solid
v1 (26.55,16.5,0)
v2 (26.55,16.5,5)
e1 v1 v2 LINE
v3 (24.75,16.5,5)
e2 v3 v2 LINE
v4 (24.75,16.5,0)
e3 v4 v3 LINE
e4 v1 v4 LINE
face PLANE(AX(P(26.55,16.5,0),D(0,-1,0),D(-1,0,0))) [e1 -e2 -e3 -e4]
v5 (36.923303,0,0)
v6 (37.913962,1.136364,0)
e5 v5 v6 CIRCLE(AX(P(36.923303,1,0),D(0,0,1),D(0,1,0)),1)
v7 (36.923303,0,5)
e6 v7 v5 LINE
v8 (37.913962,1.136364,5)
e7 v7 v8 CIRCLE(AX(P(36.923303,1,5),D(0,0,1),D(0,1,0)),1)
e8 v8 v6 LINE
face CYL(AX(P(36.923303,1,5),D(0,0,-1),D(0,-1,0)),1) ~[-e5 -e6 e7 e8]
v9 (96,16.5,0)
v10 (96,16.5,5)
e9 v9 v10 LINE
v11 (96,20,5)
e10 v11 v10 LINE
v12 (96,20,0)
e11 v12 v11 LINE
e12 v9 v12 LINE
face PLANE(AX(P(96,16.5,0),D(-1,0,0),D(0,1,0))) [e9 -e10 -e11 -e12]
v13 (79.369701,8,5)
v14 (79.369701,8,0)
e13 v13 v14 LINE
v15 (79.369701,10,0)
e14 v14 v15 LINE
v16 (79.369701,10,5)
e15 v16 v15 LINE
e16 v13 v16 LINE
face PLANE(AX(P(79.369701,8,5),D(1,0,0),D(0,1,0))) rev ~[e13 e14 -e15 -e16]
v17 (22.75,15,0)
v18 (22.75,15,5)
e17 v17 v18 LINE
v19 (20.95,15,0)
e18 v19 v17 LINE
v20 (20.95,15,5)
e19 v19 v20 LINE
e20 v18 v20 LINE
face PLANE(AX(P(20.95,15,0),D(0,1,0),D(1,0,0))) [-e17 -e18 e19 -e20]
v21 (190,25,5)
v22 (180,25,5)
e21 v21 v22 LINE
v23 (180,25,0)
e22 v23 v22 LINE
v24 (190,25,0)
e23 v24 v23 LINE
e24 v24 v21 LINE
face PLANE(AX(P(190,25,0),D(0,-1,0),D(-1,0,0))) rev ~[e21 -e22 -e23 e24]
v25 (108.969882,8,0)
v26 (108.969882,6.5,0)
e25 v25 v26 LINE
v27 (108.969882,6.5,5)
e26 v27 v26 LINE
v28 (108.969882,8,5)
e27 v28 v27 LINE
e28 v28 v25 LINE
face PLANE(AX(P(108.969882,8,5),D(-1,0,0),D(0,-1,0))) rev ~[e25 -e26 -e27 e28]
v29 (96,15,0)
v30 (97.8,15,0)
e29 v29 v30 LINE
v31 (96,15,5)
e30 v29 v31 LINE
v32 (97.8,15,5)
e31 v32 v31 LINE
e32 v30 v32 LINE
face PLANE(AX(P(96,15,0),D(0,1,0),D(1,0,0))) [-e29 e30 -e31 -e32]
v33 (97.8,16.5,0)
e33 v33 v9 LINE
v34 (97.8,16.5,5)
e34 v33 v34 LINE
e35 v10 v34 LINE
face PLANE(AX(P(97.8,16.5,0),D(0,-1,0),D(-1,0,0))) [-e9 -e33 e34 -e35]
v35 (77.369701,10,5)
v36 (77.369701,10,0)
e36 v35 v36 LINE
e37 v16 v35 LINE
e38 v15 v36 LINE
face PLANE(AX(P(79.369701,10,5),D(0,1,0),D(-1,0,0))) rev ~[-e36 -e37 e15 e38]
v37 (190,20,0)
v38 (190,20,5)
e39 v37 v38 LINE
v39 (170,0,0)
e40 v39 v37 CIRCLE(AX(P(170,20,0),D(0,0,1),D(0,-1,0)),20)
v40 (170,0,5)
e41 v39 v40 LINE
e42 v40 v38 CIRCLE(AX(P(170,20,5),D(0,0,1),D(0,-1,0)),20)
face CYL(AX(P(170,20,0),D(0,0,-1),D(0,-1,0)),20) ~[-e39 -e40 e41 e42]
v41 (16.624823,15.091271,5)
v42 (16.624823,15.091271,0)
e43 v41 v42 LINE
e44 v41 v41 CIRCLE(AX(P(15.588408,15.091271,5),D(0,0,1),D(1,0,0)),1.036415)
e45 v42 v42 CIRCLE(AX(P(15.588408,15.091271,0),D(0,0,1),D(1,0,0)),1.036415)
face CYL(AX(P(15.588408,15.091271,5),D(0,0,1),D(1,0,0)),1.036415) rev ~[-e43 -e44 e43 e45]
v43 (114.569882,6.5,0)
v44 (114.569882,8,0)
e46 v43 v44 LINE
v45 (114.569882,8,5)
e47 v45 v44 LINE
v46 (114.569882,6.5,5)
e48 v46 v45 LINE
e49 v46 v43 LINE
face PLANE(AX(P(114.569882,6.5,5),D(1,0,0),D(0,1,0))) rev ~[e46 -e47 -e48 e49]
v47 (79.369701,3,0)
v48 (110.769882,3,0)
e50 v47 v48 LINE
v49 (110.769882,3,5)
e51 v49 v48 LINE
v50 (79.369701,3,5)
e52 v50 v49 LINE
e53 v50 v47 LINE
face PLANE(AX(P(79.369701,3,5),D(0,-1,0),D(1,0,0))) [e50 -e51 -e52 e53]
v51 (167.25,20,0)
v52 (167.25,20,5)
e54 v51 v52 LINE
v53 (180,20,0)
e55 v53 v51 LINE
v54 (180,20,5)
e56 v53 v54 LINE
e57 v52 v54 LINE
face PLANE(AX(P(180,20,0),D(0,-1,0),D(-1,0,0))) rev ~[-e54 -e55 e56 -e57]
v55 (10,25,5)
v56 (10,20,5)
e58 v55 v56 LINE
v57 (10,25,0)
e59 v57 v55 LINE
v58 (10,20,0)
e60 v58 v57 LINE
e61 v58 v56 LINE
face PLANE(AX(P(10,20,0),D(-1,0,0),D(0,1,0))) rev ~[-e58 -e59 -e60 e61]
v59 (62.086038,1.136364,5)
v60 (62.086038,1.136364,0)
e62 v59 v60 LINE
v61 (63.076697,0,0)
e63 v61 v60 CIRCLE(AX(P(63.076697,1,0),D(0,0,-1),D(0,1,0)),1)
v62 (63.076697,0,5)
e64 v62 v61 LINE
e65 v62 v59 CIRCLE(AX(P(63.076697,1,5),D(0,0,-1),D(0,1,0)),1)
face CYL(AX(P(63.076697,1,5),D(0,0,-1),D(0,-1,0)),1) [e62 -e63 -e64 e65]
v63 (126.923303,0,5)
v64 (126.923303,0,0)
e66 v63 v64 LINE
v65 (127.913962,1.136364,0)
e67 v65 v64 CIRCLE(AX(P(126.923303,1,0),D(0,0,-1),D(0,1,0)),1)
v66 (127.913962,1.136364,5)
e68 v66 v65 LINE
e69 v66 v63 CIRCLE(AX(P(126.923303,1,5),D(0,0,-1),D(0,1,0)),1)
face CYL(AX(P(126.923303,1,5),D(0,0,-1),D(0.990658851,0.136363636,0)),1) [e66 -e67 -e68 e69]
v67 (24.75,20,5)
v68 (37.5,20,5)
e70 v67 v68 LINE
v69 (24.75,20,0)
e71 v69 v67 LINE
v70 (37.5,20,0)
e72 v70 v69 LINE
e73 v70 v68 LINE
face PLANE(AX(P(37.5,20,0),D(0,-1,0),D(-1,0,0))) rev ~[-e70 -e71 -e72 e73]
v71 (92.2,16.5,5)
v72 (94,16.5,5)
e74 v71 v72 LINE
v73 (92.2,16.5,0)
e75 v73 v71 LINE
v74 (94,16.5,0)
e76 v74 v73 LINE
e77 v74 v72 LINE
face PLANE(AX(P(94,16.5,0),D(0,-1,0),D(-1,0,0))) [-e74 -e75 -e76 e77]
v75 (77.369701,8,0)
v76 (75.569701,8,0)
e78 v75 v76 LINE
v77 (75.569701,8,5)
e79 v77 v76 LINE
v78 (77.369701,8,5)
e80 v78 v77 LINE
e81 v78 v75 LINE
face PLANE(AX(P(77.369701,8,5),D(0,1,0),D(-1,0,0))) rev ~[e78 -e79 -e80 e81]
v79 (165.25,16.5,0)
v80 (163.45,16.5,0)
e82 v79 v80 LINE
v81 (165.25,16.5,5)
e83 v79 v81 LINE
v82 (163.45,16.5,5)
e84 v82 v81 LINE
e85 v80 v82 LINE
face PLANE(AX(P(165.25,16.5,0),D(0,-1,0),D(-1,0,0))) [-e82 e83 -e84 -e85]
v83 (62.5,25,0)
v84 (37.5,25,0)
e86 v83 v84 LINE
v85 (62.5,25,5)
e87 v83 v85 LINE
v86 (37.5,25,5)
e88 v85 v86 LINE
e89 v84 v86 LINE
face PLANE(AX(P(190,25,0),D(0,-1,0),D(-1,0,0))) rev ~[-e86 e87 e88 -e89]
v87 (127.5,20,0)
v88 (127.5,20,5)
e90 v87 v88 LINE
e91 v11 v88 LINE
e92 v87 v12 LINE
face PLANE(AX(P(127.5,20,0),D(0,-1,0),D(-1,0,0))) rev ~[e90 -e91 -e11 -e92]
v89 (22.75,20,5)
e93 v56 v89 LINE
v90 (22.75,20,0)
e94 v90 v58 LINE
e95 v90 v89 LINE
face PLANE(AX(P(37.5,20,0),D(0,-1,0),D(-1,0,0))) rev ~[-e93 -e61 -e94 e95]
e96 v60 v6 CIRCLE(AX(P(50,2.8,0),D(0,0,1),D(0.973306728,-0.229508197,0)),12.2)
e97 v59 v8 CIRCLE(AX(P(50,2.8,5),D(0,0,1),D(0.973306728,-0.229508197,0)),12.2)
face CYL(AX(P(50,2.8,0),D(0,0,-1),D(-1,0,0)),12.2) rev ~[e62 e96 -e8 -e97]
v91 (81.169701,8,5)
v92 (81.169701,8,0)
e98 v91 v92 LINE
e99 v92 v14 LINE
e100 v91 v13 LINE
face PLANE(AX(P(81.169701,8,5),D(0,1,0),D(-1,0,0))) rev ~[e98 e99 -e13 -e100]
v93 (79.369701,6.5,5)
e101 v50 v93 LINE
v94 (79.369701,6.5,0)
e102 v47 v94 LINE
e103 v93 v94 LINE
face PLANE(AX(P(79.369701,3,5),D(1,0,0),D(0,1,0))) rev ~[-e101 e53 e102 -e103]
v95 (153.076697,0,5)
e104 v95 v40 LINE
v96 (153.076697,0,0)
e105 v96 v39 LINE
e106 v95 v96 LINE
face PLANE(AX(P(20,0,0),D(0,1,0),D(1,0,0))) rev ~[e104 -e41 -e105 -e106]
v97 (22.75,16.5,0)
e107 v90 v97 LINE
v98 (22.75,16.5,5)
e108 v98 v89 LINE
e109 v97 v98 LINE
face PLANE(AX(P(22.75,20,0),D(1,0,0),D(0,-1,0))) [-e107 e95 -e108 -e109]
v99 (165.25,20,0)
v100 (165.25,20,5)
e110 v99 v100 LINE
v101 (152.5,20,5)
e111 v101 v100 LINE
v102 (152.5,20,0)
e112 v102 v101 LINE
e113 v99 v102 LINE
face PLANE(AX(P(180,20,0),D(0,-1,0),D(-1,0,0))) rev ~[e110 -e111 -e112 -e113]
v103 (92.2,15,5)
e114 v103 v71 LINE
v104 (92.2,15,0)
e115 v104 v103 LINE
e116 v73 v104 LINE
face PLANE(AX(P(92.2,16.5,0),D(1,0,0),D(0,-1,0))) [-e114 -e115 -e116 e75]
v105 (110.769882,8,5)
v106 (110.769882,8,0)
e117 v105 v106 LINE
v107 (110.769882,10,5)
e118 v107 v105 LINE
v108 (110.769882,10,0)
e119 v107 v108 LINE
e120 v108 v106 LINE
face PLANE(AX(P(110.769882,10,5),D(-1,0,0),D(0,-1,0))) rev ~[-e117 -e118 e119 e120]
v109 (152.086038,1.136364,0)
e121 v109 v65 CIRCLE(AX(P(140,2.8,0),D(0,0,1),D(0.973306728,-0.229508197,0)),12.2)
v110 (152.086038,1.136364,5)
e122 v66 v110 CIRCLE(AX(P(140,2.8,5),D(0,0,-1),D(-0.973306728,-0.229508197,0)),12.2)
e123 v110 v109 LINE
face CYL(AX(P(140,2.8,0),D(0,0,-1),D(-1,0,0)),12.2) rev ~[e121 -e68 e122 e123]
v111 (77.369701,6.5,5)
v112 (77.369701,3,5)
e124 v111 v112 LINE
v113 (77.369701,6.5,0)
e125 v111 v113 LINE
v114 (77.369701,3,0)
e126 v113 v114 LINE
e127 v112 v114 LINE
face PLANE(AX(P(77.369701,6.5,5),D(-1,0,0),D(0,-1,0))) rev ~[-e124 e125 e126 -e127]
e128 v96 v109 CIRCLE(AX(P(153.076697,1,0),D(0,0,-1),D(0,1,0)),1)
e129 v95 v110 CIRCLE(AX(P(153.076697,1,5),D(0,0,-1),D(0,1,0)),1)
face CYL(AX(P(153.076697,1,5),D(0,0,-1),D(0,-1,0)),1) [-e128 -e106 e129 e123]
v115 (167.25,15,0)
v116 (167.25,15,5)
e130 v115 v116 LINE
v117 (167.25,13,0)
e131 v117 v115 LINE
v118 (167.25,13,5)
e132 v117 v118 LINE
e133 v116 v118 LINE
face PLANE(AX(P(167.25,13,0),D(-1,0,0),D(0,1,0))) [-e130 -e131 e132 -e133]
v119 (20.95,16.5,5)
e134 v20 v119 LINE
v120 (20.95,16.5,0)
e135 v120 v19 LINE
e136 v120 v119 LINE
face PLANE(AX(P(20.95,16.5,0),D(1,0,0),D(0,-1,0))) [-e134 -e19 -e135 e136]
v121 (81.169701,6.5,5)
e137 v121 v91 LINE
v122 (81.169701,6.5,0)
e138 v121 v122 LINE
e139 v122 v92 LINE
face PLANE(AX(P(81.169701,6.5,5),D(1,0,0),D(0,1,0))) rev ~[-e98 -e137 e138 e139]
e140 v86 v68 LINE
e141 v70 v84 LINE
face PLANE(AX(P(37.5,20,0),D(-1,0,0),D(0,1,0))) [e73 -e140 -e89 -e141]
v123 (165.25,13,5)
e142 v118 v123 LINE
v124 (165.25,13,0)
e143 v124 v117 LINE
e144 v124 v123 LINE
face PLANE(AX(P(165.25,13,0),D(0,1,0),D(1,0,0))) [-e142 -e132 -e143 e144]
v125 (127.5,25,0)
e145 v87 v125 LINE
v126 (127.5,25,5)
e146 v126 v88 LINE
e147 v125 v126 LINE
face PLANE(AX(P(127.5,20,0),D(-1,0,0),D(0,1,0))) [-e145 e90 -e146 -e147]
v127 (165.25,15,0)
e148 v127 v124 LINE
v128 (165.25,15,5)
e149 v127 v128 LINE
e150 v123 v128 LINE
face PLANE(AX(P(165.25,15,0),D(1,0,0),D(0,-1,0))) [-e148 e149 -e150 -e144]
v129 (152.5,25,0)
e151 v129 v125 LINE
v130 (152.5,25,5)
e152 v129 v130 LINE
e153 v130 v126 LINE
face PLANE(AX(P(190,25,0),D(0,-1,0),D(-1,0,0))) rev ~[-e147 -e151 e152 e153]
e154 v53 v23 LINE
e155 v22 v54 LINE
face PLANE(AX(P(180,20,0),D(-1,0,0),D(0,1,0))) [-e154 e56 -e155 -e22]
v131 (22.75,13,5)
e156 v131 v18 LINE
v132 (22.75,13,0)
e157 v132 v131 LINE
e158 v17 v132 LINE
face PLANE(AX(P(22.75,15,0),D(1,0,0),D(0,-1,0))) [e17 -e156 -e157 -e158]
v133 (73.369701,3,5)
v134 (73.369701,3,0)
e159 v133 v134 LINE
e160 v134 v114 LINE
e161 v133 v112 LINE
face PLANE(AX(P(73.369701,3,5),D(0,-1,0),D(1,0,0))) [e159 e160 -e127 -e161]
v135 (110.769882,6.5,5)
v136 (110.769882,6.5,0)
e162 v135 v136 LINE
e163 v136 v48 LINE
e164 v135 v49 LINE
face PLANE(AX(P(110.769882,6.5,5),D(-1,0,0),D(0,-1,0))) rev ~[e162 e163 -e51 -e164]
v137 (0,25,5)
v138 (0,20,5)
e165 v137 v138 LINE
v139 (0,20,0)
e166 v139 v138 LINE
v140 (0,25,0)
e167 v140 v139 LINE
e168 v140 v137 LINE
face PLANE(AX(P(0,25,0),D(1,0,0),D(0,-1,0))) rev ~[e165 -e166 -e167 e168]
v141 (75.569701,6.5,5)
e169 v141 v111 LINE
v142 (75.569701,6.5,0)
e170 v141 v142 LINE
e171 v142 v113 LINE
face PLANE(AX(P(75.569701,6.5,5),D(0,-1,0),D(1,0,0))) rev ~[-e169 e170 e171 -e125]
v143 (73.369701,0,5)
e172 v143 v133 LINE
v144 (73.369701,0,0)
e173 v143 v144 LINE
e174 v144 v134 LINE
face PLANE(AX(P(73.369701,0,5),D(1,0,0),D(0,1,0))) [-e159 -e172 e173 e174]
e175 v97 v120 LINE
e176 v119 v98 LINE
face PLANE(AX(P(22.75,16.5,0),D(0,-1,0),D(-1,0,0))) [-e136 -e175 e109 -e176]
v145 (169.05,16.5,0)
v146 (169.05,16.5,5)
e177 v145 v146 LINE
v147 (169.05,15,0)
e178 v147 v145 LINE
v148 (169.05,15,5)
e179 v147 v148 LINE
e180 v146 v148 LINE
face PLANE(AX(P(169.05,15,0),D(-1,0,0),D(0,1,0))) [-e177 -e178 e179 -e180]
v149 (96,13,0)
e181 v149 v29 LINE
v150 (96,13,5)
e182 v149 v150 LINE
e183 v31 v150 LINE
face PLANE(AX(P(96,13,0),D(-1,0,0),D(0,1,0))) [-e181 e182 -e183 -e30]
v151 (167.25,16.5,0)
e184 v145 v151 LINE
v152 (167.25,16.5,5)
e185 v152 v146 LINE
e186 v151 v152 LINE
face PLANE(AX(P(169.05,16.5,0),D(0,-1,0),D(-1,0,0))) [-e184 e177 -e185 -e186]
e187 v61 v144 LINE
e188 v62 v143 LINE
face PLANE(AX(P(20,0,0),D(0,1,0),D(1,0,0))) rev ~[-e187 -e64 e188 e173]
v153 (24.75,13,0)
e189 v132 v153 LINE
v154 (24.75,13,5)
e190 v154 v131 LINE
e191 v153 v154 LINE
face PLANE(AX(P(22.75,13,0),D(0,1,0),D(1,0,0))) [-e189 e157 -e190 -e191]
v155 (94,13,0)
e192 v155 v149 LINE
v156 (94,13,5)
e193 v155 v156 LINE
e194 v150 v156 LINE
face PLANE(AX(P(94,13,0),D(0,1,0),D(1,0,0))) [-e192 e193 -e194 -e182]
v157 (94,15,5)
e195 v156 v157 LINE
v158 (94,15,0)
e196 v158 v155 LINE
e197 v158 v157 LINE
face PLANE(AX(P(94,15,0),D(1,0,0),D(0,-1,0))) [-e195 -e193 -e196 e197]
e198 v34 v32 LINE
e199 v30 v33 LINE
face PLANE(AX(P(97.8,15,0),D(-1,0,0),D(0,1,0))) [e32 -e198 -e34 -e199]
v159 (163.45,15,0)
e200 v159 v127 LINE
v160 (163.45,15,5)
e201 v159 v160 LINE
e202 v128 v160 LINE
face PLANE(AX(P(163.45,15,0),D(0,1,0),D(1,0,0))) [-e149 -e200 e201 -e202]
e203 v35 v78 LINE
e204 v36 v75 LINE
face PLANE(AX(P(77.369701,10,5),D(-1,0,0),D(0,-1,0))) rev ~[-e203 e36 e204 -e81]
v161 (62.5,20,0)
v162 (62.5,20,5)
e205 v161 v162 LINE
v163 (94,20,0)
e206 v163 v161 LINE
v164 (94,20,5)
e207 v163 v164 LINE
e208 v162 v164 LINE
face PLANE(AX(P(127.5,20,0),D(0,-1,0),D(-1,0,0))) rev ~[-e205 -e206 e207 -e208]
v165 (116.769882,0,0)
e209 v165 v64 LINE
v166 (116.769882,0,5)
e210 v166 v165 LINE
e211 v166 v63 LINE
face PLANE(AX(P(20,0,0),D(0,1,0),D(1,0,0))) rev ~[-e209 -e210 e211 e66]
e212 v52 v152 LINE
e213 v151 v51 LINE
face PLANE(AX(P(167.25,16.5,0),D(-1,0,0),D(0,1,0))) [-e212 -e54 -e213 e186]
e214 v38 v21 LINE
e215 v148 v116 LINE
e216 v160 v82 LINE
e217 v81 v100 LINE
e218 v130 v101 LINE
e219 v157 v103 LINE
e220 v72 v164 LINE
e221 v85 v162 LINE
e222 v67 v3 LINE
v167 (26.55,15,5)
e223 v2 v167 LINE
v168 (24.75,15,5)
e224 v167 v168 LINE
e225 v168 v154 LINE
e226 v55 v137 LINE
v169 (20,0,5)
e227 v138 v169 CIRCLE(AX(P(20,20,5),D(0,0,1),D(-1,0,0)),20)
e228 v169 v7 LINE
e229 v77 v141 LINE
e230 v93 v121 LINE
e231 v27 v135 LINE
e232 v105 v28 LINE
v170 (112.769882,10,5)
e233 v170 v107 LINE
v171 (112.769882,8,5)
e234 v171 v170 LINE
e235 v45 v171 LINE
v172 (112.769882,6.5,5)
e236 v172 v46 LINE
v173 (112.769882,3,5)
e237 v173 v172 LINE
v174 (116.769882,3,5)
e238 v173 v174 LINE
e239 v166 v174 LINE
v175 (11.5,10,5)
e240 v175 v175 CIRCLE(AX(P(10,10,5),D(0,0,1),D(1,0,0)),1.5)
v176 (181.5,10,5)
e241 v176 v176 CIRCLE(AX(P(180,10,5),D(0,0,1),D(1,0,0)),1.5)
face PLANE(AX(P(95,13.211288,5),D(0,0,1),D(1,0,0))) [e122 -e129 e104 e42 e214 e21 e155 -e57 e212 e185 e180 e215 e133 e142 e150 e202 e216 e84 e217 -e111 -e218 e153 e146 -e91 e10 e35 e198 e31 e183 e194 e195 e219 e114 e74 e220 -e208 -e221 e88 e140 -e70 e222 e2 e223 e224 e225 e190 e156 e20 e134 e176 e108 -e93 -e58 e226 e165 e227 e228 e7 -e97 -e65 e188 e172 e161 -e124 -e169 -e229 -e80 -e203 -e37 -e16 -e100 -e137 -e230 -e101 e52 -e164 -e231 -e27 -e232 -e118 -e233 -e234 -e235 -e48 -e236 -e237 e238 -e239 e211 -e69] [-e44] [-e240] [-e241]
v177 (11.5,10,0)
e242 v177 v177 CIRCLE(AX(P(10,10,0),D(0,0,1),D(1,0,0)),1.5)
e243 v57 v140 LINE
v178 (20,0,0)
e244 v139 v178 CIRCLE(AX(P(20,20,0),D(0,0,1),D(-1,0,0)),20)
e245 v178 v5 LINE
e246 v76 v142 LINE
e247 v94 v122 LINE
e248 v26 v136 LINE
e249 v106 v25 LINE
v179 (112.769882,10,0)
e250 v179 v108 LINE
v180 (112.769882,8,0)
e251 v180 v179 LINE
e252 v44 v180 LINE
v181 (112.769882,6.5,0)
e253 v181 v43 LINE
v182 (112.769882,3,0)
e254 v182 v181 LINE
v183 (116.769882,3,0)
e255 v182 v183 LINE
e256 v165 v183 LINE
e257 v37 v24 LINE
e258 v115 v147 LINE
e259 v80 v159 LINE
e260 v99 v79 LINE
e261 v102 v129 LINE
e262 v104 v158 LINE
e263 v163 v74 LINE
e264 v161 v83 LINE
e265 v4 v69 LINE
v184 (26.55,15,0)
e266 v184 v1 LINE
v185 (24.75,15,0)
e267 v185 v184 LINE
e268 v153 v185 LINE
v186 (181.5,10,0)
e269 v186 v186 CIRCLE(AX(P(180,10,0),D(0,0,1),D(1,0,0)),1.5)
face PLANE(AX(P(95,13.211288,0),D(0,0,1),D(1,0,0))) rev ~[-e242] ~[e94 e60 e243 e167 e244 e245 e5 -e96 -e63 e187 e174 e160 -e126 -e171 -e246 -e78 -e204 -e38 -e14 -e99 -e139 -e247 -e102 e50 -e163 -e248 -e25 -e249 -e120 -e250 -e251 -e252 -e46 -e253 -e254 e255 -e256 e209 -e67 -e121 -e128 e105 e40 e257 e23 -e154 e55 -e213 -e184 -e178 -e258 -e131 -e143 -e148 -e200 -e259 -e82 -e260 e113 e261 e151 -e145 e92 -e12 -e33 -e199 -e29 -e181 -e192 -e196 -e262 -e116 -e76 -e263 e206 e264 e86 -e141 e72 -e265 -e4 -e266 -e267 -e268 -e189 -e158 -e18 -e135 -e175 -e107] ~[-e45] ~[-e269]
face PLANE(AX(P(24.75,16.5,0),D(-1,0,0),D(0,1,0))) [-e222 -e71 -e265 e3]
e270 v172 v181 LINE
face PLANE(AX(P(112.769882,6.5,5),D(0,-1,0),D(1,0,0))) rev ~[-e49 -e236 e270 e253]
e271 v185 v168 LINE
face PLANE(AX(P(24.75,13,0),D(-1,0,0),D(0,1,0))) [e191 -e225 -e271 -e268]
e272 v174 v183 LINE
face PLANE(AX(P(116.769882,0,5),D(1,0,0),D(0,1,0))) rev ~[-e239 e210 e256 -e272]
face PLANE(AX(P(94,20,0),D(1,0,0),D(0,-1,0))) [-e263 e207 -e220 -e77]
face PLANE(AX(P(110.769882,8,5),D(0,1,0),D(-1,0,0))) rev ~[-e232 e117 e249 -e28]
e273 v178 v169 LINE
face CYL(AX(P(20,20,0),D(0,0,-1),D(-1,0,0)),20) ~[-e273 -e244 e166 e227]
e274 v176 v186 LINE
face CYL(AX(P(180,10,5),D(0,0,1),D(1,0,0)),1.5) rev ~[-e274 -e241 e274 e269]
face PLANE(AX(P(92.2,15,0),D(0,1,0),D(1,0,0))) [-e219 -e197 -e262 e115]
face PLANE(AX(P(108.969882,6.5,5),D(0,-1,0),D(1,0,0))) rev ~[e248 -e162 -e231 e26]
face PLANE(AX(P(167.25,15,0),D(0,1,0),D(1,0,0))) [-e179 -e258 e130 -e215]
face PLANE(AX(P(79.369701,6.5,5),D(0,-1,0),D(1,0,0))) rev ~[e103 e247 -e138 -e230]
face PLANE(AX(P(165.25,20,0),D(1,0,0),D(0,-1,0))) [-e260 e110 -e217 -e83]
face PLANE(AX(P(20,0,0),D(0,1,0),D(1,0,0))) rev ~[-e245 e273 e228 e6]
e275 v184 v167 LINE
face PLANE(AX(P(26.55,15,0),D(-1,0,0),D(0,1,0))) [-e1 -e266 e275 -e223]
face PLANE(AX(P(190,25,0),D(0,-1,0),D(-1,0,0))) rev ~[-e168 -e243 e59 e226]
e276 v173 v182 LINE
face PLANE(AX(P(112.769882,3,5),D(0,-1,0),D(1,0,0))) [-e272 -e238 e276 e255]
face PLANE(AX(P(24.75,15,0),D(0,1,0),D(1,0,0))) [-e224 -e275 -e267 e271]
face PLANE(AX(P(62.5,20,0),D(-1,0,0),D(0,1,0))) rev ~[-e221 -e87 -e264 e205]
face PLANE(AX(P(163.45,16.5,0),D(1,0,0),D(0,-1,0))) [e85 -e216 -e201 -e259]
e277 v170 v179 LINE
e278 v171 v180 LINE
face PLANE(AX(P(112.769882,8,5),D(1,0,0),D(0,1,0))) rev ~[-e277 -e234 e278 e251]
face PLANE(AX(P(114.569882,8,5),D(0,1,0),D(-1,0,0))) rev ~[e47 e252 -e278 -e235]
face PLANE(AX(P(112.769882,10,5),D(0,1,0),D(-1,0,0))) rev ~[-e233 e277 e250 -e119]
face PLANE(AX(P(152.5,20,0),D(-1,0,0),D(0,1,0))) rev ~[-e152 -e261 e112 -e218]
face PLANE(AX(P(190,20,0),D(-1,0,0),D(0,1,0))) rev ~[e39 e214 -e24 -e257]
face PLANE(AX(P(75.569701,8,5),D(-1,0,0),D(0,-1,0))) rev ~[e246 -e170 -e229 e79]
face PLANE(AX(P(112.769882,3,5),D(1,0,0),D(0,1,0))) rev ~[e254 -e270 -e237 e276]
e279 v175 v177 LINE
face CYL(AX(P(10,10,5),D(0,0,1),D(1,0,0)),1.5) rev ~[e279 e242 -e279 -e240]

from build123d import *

# Parameters (mm, degrees)
RESSALTO_EXTRUS_O1_DEPTH = 5
ESBO_O2_R                = 12.2
CORTE_EXTRUS_O1_DEPTH    = 6
FILETE1_R                = 1
ESBO_O3_W                = 27.5
ESBO_O3_H                = 5
ESBO_O3_W_2              = 65
CORTE_EXTRUS_O2_DEPTH    = 6
CORTE_EXTRUS_O3_DEPTH    = 6
ESBO_O5_R                = 1.5
ESBO_O5_R_2              = 1.036414637
CORTE_EXTRUS_O4_DEPTH    = 6
ESBO_O6_W                = 43.400181399
ESBO_O6_H                = 3
CORTE_EXTRUS_O5_DEPTH    = 6


with BuildPart() as part:
    # Esboço1 → Ressalto-extrusão1 (new body)
    with BuildSketch(Plane.XY):
        with BuildLine():
            Line((20, 0), (170, 0))
            ThreePointArc((170, 0), (184.142135624, 5.857864376), (190, 20))
            Line((190, 20), (190, 25))
            Line((190, 25), (0, 25))
            Line((0, 25), (0, 20))
            ThreePointArc((0, 20), (5.857864376, 5.857864376), (20, 0))
        make_face()
    extrude(amount=RESSALTO_EXTRUS_O1_DEPTH)

    # Esboço2 → Corte-extrusão1 (cut, through all)
    with BuildSketch(Plane(origin=(0, 0, 0), x_dir=(-1, 0, 0), z_dir=(0, 0, -1))):
        with Locations((-50, 2.8)):
            Circle(ESBO_O2_R)
        with Locations((-140, 2.8)):
            Circle(ESBO_O2_R)
    extrude(amount=-CORTE_EXTRUS_O1_DEPTH, mode=Mode.SUBTRACT)

    # Filete1
    filete1_edges = [part.edges().sort_by_distance(p)[0] for p in [
        (61.874342087, 0, 2.5),
        (38.125657913, 0, 2.5),
        (151.874342087, 0, 2.5),
        (128.125657913, 0, 2.5),
    ]]
    fillet(filete1_edges, radius=FILETE1_R)

    # Esboço3 → Corte-extrusão2 (cut, through all)
    with BuildSketch(Plane(origin=(0, 0, 0), x_dir=(-1, 0, 0), z_dir=(0, 0, -1))):
        with Locations((-166.25, 22.5)):
            Rectangle(ESBO_O3_W, ESBO_O3_H)
        with Locations((-95, 22.5)):
            Rectangle(ESBO_O3_W_2, ESBO_O3_H)
        with Locations((-23.75, 22.5)):
            Rectangle(ESBO_O3_W, ESBO_O3_H)
    extrude(amount=-CORTE_EXTRUS_O2_DEPTH, mode=Mode.SUBTRACT)

    # Esboço4 → Corte-extrusão3 (cut, through all)
    with BuildSketch(Plane(origin=(0, 0, 0), x_dir=(-1, 0, 0), z_dir=(0, 0, -1))):
        Polygon((-24.75, 13), (-24.75, 15), (-26.55, 15), (-26.55, 16.5), (-24.75, 16.5), (-24.75, 20), (-22.75, 20), (-22.75, 16.5), (-20.95, 16.5), (-20.95, 15), (-22.75, 15), (-22.75, 13), align=None)
        Polygon((-96, 13), (-96, 15), (-97.8, 15), (-97.8, 16.5), (-96, 16.5), (-96, 20), (-94, 20), (-94, 16.5), (-92.2, 16.5), (-92.2, 15), (-94, 15), (-94, 13), align=None)
        Polygon((-167.25, 13), (-167.25, 15), (-169.05, 15), (-169.05, 16.5), (-167.25, 16.5), (-167.25, 20), (-165.25, 20), (-165.25, 16.5), (-163.45, 16.5), (-163.45, 15), (-165.25, 15), (-165.25, 13), align=None)
    extrude(amount=-CORTE_EXTRUS_O3_DEPTH, mode=Mode.SUBTRACT)

    # Esboço5 → Corte-extrusão4 (cut, through all)
    with BuildSketch(Plane.XY.offset(5)):
        with Locations((180, 10)):
            Circle(ESBO_O5_R)
        with Locations((10, 10)):
            Circle(ESBO_O5_R)
        with Locations((15.588408084, 15.09127059)):
            Circle(ESBO_O5_R_2)
    extrude(amount=-CORTE_EXTRUS_O4_DEPTH, mode=Mode.SUBTRACT)

    # Esboço6 → Corte-extrusão5 (cut, through all)
    with BuildSketch(Plane.XY.offset(5)):
        Polygon((77.369700901, 6.5), (77.369700901, 3), (79.369700901, 3), (79.369700901, 6.5), (81.169700901, 6.5), (81.169700901, 8), (79.369700901, 8), (79.369700901, 10), (77.369700901, 10), (77.369700901, 8), (75.569700901, 8), (75.569700901, 6.5), align=None)
        with Locations((95.0697916, 1.5)):
            Rectangle(ESBO_O6_W, ESBO_O6_H)
        Polygon((110.7698823, 3), (112.7698823, 3), (112.7698823, 6.5), (114.5698823, 6.5), (114.5698823, 8), (112.7698823, 8), (112.7698823, 10), (110.7698823, 10), (110.7698823, 8), (108.9698823, 8), (108.9698823, 6.5), (110.7698823, 6.5), align=None)
    extrude(amount=-CORTE_EXTRUS_O5_DEPTH, mode=Mode.SUBTRACT)


solid = part.part
